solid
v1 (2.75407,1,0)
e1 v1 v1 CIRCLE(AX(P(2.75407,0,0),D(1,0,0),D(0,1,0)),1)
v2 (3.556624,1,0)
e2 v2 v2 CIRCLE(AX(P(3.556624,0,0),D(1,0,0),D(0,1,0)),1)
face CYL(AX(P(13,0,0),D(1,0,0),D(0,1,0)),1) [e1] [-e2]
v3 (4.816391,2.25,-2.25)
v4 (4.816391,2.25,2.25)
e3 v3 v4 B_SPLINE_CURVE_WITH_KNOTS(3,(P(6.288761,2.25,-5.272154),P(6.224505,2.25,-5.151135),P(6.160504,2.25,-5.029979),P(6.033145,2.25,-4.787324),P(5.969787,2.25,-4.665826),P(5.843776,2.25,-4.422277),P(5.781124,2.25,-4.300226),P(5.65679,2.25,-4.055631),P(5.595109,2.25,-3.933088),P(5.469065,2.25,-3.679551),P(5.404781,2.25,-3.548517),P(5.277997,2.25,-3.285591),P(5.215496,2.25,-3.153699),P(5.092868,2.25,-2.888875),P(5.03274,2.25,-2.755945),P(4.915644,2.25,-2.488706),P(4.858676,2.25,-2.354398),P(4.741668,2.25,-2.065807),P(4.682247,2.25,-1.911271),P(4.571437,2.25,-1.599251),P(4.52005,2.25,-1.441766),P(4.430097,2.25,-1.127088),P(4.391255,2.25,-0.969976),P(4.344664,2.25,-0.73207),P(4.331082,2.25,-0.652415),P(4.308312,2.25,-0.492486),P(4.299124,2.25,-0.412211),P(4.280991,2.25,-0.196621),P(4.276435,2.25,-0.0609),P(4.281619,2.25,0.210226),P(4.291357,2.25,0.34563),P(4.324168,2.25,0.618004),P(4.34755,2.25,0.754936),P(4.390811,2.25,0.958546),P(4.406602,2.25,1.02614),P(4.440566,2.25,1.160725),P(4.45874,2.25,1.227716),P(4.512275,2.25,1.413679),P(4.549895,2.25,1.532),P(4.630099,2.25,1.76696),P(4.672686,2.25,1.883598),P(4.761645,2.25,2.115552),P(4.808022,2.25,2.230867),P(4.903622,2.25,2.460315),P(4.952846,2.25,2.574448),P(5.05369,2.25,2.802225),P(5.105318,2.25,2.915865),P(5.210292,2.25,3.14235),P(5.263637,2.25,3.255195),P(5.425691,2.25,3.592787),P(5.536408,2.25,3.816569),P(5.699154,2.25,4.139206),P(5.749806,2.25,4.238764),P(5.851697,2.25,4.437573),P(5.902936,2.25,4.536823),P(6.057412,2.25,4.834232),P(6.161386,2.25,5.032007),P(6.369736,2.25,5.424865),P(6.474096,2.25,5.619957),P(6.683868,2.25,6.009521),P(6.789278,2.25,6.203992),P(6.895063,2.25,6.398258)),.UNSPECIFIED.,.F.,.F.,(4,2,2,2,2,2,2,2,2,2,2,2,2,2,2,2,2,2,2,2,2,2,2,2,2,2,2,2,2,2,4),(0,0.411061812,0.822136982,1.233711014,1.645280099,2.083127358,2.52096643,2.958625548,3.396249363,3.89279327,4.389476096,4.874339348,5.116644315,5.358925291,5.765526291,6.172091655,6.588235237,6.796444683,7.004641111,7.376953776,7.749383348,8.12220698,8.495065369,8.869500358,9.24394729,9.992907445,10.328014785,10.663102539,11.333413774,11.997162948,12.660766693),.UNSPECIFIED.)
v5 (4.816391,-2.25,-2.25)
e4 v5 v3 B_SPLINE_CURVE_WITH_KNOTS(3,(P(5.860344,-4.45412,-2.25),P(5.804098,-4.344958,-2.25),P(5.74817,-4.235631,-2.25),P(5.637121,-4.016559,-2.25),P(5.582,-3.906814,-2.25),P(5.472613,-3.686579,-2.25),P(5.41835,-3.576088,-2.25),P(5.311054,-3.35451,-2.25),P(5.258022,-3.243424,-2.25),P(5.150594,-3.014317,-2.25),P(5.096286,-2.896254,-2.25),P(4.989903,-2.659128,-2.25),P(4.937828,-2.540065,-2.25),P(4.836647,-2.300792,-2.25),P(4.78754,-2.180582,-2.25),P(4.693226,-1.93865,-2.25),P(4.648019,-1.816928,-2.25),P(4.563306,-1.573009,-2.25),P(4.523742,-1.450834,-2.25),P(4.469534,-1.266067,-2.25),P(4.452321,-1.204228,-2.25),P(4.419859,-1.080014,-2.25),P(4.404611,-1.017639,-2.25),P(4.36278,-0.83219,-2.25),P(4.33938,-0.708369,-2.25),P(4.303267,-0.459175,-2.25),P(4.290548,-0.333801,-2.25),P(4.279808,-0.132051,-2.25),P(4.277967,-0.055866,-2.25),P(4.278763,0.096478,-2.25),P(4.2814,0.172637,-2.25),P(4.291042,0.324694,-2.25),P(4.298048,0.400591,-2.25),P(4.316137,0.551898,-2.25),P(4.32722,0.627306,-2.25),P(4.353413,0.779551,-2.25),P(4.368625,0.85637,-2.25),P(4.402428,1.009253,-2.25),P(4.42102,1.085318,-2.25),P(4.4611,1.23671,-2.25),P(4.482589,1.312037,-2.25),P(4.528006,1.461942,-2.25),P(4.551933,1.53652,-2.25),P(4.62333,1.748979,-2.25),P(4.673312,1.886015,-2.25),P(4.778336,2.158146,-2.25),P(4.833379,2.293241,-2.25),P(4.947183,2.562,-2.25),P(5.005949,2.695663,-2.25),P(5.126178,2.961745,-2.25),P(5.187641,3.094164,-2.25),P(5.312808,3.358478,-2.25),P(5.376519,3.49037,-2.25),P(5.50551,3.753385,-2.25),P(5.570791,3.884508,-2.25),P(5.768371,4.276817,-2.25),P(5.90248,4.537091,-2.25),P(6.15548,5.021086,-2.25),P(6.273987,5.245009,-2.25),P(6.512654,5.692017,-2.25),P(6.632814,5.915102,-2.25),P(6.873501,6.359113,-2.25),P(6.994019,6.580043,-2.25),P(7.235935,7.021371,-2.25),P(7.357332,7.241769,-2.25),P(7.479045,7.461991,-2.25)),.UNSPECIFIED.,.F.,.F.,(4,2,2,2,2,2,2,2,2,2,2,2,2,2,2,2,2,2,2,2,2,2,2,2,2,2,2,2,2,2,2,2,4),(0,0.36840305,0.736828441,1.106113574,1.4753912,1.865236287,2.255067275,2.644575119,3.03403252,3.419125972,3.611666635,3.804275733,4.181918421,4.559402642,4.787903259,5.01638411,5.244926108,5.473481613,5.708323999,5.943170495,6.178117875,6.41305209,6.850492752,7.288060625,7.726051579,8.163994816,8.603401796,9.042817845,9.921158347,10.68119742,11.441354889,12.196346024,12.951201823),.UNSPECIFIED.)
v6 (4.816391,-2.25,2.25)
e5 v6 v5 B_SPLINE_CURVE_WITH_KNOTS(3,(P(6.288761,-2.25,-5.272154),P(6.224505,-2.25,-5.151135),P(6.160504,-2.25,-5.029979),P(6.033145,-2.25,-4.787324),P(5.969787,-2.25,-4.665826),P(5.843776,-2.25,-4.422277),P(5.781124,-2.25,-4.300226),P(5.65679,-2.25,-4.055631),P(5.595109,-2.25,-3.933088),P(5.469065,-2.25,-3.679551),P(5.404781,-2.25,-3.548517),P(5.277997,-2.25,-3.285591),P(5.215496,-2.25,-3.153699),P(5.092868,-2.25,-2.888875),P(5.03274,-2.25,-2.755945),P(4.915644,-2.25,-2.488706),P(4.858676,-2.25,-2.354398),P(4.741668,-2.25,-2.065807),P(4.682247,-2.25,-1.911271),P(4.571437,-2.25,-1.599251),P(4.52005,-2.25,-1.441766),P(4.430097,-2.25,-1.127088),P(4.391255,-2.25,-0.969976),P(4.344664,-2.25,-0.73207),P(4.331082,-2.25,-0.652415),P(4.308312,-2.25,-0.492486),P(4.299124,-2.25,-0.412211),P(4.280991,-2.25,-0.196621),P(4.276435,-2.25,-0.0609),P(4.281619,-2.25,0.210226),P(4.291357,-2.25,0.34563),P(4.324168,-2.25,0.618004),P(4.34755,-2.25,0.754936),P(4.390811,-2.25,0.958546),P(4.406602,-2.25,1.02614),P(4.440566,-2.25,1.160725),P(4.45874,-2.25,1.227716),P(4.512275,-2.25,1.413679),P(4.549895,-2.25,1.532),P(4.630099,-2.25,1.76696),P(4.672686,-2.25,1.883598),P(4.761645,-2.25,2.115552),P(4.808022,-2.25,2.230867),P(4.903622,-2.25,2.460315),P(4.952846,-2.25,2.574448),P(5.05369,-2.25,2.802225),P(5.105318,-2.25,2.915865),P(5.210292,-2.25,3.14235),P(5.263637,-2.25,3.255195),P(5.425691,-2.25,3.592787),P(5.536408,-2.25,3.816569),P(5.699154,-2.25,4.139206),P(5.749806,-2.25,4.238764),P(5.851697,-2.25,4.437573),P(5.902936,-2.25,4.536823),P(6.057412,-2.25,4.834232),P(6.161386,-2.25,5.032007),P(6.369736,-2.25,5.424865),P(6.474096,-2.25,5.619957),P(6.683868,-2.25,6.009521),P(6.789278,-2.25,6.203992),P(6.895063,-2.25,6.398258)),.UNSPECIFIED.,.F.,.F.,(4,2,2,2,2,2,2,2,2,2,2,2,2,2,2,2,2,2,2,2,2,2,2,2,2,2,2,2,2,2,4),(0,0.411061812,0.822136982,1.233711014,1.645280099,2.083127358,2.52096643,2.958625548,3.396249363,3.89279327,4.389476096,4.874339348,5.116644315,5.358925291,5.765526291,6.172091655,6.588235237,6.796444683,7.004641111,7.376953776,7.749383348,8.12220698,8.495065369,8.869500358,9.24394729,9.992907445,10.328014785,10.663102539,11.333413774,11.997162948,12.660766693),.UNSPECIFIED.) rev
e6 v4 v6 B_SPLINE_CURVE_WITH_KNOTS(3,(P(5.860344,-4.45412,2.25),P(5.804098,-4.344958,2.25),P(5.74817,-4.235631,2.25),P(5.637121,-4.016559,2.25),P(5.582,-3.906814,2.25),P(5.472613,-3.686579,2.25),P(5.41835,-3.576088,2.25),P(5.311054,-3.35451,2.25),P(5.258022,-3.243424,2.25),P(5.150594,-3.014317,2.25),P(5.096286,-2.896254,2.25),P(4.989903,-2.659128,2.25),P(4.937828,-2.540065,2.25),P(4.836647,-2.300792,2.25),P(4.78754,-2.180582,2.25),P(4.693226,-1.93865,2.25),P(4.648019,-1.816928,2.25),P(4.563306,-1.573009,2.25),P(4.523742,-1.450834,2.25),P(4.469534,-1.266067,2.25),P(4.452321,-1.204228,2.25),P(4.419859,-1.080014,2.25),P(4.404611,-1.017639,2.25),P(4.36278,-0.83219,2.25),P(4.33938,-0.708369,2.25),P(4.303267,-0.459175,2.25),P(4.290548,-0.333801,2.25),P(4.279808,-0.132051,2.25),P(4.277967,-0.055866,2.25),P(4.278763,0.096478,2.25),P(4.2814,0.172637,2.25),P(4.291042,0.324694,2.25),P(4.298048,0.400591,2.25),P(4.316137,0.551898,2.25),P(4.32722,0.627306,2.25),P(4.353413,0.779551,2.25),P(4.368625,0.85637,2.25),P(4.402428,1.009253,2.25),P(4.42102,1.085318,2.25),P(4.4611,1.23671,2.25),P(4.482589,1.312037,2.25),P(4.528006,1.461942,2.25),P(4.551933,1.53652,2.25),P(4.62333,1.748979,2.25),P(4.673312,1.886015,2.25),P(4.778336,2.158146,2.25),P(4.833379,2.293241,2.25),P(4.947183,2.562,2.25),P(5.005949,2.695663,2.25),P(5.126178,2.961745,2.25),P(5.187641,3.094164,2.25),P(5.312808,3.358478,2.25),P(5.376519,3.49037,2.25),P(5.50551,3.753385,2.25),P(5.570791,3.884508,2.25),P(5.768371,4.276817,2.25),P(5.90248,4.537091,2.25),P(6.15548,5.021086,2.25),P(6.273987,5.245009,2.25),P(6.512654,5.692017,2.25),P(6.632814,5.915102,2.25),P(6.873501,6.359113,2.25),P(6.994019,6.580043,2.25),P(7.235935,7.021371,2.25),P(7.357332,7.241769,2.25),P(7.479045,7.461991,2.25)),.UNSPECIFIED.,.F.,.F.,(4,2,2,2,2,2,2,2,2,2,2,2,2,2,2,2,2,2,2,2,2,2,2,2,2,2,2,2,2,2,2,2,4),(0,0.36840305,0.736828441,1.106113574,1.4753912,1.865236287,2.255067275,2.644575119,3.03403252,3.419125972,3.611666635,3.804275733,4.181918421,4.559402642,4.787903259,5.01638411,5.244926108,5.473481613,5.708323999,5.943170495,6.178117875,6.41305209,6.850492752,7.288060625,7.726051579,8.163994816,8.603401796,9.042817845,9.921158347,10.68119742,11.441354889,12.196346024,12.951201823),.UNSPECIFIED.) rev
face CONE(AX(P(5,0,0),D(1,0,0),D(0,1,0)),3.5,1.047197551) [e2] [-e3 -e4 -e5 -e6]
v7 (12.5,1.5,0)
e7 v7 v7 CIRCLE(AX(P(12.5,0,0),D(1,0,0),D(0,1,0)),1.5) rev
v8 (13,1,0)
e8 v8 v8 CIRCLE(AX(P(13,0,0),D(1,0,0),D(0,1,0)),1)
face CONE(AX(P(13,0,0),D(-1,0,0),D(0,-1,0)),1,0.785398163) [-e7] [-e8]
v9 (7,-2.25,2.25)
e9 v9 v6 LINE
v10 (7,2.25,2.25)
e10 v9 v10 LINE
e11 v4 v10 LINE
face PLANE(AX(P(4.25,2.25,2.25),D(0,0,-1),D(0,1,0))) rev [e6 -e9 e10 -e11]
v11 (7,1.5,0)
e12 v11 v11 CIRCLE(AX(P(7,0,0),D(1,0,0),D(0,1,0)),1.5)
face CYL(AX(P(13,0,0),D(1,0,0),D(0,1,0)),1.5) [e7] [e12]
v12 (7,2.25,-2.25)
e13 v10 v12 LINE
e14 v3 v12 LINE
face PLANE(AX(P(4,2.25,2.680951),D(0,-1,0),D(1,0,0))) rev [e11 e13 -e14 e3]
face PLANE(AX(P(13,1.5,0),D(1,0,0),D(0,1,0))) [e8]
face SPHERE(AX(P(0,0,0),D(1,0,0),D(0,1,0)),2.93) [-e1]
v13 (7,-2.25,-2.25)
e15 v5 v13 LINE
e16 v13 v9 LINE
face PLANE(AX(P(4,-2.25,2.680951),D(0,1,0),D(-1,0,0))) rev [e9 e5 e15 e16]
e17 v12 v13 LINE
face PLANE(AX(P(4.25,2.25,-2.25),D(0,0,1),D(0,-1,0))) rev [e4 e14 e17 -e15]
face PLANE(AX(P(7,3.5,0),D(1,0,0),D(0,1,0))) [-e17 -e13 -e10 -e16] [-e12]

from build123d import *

# Parameters (mm, degrees)
ESQUISSE2_W             = 5.361902648
ESQUISSE2_H             = 1.25
ENL_V_MAT_EXTRU_1_DEPTH = 3
ESQUISSE4_W             = 1.25
ESQUISSE4_H             = 4.5
ENL_V_MAT_EXTRU_2_DEPTH = 2.75
CHANFREIN1_SIZE         = 0.5


with BuildPart() as part:
    # Esquisse1 → Révolution1 (revolve)
    with BuildSketch(Plane.XY):
        with BuildLine():
            Line((2.754069716, 1), (3.556624327, 1))
            Line((3.556624327, 1), (5, 3.5))
            Line((5, 3.5), (7, 3.5))
            Line((7, 3.5), (7, 1.5))
            Line((7, 1.5), (13, 1.5))
            Line((13, 1.5), (13, 0))
            Line((13, 0), (-2.93, 0))
            ThreePointArc((-2.93, 0), (-0.507678901, 2.885682265), (2.754069716, 1))
        make_face()
    revolve(axis=Axis((13, 0, 0), (-1, 0, 0)))

    # Esquisse2 → Enlèv. mat.-Extru.1 (cut)
    with BuildSketch(Plane(origin=(7, 0, 0), x_dir=(0, 0, -1), z_dir=(1, 0, 0))):
        with Locations((0, 2.875)):
            Rectangle(ESQUISSE2_W, ESQUISSE2_H)
        with Locations((0, -2.875)):
            Rectangle(ESQUISSE2_W, ESQUISSE2_H)
    extrude(amount=-ENL_V_MAT_EXTRU_1_DEPTH, mode=Mode.SUBTRACT)

    # Esquisse4 → Enlèv. mat.-Extru.2 (cut)
    with BuildSketch(Plane(origin=(7, 0, 0), x_dir=(0, 0, -1), z_dir=(1, 0, 0))):
        with Locations((2.875, 0)):
            Rectangle(ESQUISSE4_W, ESQUISSE4_H)
        with Locations((-2.875, 0)):
            Rectangle(ESQUISSE4_W, ESQUISSE4_H)
    extrude(amount=-ENL_V_MAT_EXTRU_2_DEPTH, mode=Mode.SUBTRACT)

    # Chanfrein1
    chanfrein1_edges = [part.edges().sort_by_distance(p)[0] for p in [
        (13, -1.5, 0),
    ]]
    chamfer(chanfrein1_edges, length=CHANFREIN1_SIZE)


solid = part.part
